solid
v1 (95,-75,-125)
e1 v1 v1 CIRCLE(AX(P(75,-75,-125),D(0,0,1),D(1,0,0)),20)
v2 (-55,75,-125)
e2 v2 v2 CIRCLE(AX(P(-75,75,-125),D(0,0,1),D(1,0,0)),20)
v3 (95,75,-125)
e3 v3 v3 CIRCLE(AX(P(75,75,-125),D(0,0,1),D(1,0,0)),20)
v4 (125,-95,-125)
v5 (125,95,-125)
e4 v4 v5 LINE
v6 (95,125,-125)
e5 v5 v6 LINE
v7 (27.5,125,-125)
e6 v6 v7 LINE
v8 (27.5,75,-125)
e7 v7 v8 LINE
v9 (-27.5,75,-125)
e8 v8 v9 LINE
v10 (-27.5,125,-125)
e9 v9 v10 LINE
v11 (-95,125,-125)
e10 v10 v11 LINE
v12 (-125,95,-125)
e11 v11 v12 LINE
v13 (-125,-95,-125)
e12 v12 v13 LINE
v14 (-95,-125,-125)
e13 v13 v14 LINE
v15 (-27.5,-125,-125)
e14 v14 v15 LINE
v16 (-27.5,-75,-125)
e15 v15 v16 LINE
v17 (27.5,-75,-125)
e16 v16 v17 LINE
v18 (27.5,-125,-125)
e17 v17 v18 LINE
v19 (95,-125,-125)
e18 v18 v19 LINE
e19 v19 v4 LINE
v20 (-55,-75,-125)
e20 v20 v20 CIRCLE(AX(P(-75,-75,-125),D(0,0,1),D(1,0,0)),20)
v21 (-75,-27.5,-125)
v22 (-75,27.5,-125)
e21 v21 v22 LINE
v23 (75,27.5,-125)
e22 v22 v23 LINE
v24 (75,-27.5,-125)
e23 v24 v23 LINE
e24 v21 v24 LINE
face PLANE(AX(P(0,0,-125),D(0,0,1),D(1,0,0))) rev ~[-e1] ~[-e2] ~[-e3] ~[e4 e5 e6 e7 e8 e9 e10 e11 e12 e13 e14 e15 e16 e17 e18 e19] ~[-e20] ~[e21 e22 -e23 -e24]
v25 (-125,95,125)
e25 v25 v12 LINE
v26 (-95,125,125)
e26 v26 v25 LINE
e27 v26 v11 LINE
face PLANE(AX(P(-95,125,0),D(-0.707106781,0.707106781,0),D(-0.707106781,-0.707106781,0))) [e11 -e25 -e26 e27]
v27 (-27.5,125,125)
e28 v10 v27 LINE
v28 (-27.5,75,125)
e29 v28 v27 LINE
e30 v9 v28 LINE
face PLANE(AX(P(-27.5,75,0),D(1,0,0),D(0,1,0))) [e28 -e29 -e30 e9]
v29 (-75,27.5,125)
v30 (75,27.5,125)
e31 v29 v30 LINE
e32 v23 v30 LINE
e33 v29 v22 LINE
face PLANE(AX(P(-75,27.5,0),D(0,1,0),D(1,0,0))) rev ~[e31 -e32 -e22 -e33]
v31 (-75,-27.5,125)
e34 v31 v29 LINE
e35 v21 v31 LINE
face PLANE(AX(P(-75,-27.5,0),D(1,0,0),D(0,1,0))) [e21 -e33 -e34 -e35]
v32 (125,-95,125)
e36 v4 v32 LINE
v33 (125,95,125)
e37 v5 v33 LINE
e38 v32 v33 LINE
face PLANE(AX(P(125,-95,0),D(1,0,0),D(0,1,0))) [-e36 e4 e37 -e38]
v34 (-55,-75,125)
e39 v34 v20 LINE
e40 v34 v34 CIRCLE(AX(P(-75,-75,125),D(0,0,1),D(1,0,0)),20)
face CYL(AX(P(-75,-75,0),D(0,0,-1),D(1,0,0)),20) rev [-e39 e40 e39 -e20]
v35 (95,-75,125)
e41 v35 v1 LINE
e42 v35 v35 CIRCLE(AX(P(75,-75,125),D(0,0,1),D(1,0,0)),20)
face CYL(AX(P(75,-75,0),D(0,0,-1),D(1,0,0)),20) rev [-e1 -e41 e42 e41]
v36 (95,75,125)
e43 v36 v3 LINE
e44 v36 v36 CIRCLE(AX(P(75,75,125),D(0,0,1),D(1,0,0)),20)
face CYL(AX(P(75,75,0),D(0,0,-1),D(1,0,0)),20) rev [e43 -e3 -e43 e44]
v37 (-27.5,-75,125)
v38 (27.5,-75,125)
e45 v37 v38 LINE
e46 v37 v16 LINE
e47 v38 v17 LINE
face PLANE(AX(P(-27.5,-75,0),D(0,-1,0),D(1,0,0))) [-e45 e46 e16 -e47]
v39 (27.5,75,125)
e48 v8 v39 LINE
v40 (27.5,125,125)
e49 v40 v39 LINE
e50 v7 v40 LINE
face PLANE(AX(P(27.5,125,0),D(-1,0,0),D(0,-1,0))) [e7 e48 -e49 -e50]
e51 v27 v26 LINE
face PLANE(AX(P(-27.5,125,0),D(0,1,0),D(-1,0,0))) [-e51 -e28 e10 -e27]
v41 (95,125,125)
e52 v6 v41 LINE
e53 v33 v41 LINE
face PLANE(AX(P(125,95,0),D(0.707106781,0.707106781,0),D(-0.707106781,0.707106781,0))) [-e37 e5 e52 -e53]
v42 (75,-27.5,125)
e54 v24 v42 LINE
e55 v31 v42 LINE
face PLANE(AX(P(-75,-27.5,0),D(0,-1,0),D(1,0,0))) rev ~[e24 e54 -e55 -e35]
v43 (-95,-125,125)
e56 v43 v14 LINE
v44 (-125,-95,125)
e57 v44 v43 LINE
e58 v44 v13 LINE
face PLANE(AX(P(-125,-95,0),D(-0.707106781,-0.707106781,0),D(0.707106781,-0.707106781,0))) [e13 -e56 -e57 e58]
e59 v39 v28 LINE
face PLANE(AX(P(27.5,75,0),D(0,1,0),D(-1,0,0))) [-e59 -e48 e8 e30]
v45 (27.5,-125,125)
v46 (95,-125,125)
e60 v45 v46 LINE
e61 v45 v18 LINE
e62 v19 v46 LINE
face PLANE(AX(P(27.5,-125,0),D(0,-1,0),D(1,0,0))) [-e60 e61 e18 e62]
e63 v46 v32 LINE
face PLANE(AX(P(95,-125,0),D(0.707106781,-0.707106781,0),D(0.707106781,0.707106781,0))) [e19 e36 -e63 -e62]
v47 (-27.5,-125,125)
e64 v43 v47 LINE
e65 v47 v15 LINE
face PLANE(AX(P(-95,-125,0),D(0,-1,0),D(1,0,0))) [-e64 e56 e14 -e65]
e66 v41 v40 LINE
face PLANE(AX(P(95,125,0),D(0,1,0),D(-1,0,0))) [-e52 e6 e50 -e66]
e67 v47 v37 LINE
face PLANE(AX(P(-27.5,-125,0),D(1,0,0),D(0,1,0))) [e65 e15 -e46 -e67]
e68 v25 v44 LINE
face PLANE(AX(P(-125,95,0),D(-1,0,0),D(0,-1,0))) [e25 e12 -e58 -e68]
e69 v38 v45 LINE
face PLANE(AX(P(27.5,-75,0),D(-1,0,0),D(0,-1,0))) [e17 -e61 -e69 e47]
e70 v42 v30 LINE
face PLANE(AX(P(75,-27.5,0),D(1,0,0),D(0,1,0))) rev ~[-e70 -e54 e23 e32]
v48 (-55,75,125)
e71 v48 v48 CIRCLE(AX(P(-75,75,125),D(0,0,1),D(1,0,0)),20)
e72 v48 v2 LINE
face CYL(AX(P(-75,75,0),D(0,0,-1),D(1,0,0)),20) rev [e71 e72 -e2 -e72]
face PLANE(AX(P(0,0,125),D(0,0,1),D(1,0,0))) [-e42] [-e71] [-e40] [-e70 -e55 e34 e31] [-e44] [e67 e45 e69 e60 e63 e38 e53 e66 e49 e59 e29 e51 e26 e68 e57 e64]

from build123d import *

# Parameters (mm, degrees)
F0_R     = 20
F0_W     = 150
F0_H     = 55
F1_DEPTH = 125


with BuildPart() as f1:
    # F0 (on Top) → F1 (new body, symmetric)
    with BuildSketch(Plane.XY):
        Polygon((27.5, -125), (95, -125), (125, -95), (125, 95), (95, 125), (27.5, 125), (27.5, 75), (-27.5, 75), (-27.5, 125), (-95, 125), (-125, 95), (-125, -95), (-95, -125), (-27.5, -125), (-27.5, -75), (27.5, -75), align=None)
        with Locations((-75, -75)):
            Circle(F0_R, mode=Mode.SUBTRACT)
        with Locations((75, -75)):
            Circle(F0_R, mode=Mode.SUBTRACT)
        with Locations((-75, 75)):
            Circle(F0_R, mode=Mode.SUBTRACT)
        Rectangle(F0_W, F0_H, mode=Mode.SUBTRACT)
        with Locations((75, 75)):
            Circle(F0_R, mode=Mode.SUBTRACT)
    extrude(amount=F1_DEPTH, both=True)


solid = f1.part
